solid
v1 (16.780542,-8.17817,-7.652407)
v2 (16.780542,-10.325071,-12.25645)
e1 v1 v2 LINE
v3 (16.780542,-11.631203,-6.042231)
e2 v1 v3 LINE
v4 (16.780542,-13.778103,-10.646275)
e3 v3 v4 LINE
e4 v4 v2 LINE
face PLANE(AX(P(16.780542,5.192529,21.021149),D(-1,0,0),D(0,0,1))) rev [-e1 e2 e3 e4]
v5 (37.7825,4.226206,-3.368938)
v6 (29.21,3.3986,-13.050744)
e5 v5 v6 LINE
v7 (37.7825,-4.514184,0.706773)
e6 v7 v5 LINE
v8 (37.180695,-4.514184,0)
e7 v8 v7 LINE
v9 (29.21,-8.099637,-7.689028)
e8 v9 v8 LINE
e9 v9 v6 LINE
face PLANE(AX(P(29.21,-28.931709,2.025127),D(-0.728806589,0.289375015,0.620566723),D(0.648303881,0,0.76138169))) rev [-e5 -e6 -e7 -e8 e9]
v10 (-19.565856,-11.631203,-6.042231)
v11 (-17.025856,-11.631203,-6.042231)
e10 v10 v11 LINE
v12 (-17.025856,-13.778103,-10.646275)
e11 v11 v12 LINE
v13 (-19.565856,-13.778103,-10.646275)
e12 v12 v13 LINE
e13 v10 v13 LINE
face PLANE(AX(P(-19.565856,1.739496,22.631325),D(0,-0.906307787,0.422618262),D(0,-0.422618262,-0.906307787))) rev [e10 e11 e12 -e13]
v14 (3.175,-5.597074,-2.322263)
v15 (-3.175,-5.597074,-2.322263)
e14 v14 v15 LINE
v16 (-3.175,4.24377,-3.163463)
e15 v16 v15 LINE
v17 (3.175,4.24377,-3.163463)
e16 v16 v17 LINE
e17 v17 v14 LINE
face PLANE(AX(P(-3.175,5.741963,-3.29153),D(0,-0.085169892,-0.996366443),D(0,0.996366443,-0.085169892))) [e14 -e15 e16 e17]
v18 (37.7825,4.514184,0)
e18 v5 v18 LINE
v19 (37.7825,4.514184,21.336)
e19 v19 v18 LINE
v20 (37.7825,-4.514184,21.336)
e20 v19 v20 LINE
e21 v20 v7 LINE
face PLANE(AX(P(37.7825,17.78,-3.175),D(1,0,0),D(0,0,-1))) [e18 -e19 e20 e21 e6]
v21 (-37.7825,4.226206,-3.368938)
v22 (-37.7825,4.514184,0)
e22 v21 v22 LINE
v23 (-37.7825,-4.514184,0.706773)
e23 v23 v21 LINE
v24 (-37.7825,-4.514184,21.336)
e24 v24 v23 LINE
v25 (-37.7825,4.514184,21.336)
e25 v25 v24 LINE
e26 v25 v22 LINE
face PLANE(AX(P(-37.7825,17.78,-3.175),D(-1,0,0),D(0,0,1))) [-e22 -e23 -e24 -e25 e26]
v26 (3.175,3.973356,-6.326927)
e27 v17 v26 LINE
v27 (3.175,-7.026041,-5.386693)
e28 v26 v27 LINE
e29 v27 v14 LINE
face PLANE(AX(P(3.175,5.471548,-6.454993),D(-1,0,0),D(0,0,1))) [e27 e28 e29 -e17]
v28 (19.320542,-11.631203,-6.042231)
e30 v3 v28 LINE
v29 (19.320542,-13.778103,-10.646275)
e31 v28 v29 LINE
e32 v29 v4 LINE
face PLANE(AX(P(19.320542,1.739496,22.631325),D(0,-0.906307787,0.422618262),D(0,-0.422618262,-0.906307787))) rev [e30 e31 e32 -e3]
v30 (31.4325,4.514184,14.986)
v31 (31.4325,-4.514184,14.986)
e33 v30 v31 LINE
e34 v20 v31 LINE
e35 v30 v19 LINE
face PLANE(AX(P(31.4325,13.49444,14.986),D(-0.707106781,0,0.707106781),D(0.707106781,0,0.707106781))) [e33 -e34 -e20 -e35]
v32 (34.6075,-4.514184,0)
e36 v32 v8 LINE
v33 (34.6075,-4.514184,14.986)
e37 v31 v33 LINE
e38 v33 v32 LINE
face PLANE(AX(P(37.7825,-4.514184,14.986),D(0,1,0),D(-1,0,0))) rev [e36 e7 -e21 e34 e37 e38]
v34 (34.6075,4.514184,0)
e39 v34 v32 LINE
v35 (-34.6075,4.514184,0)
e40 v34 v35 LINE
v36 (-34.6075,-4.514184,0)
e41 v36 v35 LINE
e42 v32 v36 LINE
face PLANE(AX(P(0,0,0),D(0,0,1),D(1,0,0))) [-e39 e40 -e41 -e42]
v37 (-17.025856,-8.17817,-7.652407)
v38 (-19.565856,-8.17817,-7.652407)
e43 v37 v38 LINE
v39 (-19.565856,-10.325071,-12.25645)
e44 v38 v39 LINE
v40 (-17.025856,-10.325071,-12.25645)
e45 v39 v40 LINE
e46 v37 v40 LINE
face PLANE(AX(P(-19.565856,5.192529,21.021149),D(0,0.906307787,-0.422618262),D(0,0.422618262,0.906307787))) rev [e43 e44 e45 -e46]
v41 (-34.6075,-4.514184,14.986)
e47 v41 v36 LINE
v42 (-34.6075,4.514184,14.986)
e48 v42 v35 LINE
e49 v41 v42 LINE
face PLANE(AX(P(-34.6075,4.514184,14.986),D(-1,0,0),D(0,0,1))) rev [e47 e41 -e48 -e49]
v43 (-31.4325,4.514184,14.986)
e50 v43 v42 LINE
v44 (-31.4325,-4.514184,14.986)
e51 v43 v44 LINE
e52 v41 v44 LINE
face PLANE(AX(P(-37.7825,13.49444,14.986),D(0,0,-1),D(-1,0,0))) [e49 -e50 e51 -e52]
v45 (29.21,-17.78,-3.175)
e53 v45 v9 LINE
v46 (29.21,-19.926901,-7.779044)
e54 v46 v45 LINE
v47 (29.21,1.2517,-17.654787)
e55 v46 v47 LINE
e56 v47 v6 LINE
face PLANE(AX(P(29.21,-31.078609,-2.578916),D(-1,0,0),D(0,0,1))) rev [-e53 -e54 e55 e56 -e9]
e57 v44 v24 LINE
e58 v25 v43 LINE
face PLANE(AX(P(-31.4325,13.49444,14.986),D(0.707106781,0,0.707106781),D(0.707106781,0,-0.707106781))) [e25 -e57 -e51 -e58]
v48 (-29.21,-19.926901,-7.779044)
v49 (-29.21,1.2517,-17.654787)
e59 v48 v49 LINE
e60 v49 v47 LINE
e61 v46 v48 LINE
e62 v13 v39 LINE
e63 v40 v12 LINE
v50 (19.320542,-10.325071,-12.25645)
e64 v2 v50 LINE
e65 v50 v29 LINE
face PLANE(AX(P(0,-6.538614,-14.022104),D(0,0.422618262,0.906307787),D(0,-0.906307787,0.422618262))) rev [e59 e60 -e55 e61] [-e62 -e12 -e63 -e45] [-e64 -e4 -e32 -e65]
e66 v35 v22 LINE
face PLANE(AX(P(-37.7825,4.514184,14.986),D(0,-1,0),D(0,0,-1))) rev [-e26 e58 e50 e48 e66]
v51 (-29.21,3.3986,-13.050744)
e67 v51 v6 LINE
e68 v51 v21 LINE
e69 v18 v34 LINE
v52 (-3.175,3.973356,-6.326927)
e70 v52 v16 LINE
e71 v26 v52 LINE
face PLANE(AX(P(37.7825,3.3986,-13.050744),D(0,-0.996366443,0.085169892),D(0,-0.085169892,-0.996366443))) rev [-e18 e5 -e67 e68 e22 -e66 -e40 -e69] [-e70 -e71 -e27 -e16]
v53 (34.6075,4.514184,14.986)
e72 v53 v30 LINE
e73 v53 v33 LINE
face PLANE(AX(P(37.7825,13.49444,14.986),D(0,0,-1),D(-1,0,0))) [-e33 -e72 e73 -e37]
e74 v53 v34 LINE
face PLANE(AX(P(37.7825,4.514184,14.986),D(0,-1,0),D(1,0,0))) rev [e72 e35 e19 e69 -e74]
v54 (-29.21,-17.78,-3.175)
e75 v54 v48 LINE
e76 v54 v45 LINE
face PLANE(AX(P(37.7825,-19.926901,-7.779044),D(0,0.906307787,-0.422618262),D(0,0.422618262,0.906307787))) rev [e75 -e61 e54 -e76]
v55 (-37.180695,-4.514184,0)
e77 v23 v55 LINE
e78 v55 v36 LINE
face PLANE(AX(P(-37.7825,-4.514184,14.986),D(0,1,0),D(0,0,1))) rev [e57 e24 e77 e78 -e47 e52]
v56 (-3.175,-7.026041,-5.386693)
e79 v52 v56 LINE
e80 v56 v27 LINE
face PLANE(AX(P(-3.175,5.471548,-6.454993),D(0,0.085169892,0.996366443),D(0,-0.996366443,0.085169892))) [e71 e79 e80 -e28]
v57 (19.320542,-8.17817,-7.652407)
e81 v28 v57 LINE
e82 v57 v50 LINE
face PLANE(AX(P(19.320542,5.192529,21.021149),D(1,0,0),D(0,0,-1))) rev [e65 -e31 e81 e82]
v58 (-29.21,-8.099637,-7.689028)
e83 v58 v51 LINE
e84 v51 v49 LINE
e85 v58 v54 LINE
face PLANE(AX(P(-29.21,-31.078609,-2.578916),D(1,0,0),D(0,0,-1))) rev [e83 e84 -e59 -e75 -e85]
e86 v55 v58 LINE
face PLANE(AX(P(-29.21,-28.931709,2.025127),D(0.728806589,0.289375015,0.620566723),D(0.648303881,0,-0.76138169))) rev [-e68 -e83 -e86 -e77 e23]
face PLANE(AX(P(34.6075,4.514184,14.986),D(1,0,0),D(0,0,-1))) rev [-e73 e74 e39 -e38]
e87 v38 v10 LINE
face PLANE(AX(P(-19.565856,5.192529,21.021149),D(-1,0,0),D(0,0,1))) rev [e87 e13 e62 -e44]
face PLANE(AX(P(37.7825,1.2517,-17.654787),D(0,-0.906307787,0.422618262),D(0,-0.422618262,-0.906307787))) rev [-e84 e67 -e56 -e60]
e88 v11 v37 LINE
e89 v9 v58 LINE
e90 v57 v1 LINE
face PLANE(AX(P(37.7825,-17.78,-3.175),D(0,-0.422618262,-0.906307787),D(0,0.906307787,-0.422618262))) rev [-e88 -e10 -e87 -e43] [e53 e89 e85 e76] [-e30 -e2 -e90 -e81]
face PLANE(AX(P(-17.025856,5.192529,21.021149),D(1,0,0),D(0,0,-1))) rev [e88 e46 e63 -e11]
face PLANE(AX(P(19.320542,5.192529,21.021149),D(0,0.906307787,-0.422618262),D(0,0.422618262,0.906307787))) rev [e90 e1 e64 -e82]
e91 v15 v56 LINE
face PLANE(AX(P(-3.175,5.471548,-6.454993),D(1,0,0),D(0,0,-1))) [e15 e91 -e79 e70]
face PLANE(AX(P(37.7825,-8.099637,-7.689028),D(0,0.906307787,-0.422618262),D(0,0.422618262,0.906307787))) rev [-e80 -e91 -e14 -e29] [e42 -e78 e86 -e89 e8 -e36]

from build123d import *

# Parameters (mm, degrees)
SKETCH1_W                      = 75.565
SKETCH1_H                      = 35.56
BOSS_EXTRUDE1_DEPTH            = 3.175
SKETCH6_W                      = 3.175
SKETCH6_H                      = 9.028368652
BOSS_EXTRUDE4_DEPTH            = 14.986
BOSS_EXTRUDE6_DEPTH            = 9.028368652
BOSS_EXTRUDE7_DEPTH            = 75.565
SKETCH10_W                     = 75.565
SKETCH10_H                     = 23.368
BOSS_EXTRUDE8_DEPTH            = 5.08
CUT_EXTRUDE1_DEPTH             = 82.008490267
CUT_EXTRUDE2_REACH             = 51.95
SKETCH12_W                     = 6.35
SKETCH12_H                     = 3.175
CUT_EXTRUDE2_DIRECTION_2_DEPTH = 50.950000932
CUT_EXTRUDE3_DEPTH             = 54.096105705
CUT_EXTRUDE4_REACH             = 55.451
SKETCH14_W                     = 2.54
SKETCH14_H                     = 3.81


with BuildPart() as part:
    # Sketch1 → Boss-Extrude1 (new body)
    with BuildSketch(Plane.XY):
        Rectangle(SKETCH1_W, SKETCH1_H)
    extrude(amount=-BOSS_EXTRUDE1_DEPTH)

    # Sketch6 → Boss-Extrude4 (add)
    with BuildSketch(Plane.XY):
        with Locations((-36.195, 0)):
            Rectangle(SKETCH6_W, SKETCH6_H)
        with Locations((36.195, 0)):
            Rectangle(SKETCH6_W, SKETCH6_H)
    extrude(amount=BOSS_EXTRUDE4_DEPTH)

    # Sketch8 → Boss-Extrude6 (add)
    with BuildSketch(Plane.XZ.offset(4.514184326)):
        Polygon((-37.7825, 14.986), (-31.4325, 14.986), (-37.7825, 21.336), align=None)
        Polygon((37.7825, 14.986), (31.4325, 14.986), (37.7825, 21.336), align=None)
    extrude(amount=-BOSS_EXTRUDE6_DEPTH)

    # Sketch9 → Boss-Extrude7 (add)
    with BuildSketch(Plane.ZY.offset(37.7825)):
        Polygon((-3.175, 17.78), (-16.795270199, 11.4287637), (-3.175, -17.78), align=None)
    extrude(amount=-BOSS_EXTRUDE7_DEPTH)

    # Sketch10 → Boss-Extrude8 (add)
    with BuildSketch(Plane(origin=(0, -4.391713703, -9.41806043), x_dir=(-1, 0, 0), z_dir=(0, -0.4226182617407007, -0.9063077870366493))):
        with Locations((0, -3.088339472)):
            Rectangle(SKETCH10_W, SKETCH10_H)
    extrude(amount=BOSS_EXTRUDE8_DEPTH)

    # Sketch11 → Cut-Extrude1 (cut, through all)
    with BuildSketch(Plane.ZY.offset(37.7825)):
        Polygon((-13.05074354, 3.398600367), (0, 4.514184326), (36.888684706, 18.275511072), (5.286071508, 25.150339228), (-30.3838484, 8.233222823), align=None)
        Polygon((-3.175, -17.78), (-7.689027521, -8.099636743), (0, -4.514184326), (40.158547499, -20.406390647), (15.599703883, -25.394905756), align=None)
    extrude(amount=-CUT_EXTRUDE1_DEPTH, mode=Mode.SUBTRACT)

    # Cut-Extrude2: up to this plane
    cut_extrude2_end = Plane(origin=(37.7825, -8.099636743, -7.689027521), z_dir=(0, 0.9063077870366495, -0.4226182617407008))
    # Sketch12 → Cut-Extrude2 (cut, up to the surface)
    with BuildSketch(Plane(origin=(0, 4.481438837, -0.38307559), x_dir=(1, 0, 0), z_dir=(0, 0.9963664433600627, -0.08516989225083536)), mode=Mode.PRIVATE) as cut_extrude2_sk1:
        with Locations((0, 4.378027407)):
            Rectangle(SKETCH12_W, SKETCH12_H)
    cut_extrude2_tool1 = split(extrude(cut_extrude2_sk1.sketch, amount=-CUT_EXTRUDE2_REACH, mode=Mode.PRIVATE), bisect_by=cut_extrude2_end, keep=Keep.BOTH, mode=Mode.PRIVATE)
    add(cut_extrude2_tool1.solids().sort_by_distance((0, 4.108563, -4.745195))[0], mode=Mode.SUBTRACT)

    # Sketch12 → Cut-Extrude2 direction 2 (cut)
    with BuildSketch(Plane(origin=(0, 4.481438837, -0.38307559), x_dir=(1, 0, 0), z_dir=(0, 0.9963664433600627, -0.08516989225083536))):
        with Locations((0, 4.378027407)):
            Rectangle(SKETCH12_W, SKETCH12_H)
    extrude(amount=CUT_EXTRUDE2_DIRECTION_2_DEPTH, mode=Mode.SUBTRACT)

    # Sketch13 → Cut-Extrude3 (cut, through all)
    with BuildSketch(Plane(origin=(0, 7.790314071, -3.632683111), x_dir=(1, 0, 0), z_dir=(0, 0.9063077870366493, -0.4226182617407007))):
        Polygon((-29.21, 10.391679918), (-37.7825, 1.267223267), (-37.7825, 11.639630657), (-37.7825, 15.471679918), (-29.21, 15.471679918), align=None)
        Polygon((37.7825, 1.267223267), (37.7825, 11.639630657), (37.7825, 15.471679918), (29.21, 15.471679918), (29.21, 10.391679918), align=None)
    extrude(amount=-CUT_EXTRUDE3_DEPTH, mode=Mode.SUBTRACT)

    # Sketch14 → Cut-Extrude4 (cut, up to next)
    with BuildSketch(Plane(origin=(0, -6.538614473, -14.022103988), x_dir=(-1, 0, 0), z_dir=(0, -0.4226182617407007, -0.9063077870366494)), mode=Mode.PRIVATE) as cut_extrude4_sk1:
        with Locations((-18.050542255, -6.082892111)):
            Rectangle(SKETCH14_W, SKETCH14_H)
    cut_extrude4_tool1 = extrude(cut_extrude4_sk1.sketch, amount=-CUT_EXTRUDE4_REACH, mode=Mode.PRIVATE) & part.part
    # Sketch14 → Cut-Extrude4 (cut, up to next)
    with BuildSketch(Plane(origin=(0, -6.538614473, -14.022103988), x_dir=(-1, 0, 0), z_dir=(0, -0.4226182617407007, -0.9063077870366494)), mode=Mode.PRIVATE) as cut_extrude4_sk2:
        with Locations((18.295855998, -6.082892111)):
            Rectangle(SKETCH14_W, SKETCH14_H)
    cut_extrude4_tool2 = extrude(cut_extrude4_sk2.sketch, amount=-CUT_EXTRUDE4_REACH, mode=Mode.PRIVATE) & part.part
    add(cut_extrude4_tool1.solids().sort_by_distance((18.050542, -12.051587, -11.451363))[0], mode=Mode.SUBTRACT)
    add(cut_extrude4_tool2.solids().sort_by_distance((-18.295856, -12.051587, -11.451363))[0], mode=Mode.SUBTRACT)


solid = part.part
